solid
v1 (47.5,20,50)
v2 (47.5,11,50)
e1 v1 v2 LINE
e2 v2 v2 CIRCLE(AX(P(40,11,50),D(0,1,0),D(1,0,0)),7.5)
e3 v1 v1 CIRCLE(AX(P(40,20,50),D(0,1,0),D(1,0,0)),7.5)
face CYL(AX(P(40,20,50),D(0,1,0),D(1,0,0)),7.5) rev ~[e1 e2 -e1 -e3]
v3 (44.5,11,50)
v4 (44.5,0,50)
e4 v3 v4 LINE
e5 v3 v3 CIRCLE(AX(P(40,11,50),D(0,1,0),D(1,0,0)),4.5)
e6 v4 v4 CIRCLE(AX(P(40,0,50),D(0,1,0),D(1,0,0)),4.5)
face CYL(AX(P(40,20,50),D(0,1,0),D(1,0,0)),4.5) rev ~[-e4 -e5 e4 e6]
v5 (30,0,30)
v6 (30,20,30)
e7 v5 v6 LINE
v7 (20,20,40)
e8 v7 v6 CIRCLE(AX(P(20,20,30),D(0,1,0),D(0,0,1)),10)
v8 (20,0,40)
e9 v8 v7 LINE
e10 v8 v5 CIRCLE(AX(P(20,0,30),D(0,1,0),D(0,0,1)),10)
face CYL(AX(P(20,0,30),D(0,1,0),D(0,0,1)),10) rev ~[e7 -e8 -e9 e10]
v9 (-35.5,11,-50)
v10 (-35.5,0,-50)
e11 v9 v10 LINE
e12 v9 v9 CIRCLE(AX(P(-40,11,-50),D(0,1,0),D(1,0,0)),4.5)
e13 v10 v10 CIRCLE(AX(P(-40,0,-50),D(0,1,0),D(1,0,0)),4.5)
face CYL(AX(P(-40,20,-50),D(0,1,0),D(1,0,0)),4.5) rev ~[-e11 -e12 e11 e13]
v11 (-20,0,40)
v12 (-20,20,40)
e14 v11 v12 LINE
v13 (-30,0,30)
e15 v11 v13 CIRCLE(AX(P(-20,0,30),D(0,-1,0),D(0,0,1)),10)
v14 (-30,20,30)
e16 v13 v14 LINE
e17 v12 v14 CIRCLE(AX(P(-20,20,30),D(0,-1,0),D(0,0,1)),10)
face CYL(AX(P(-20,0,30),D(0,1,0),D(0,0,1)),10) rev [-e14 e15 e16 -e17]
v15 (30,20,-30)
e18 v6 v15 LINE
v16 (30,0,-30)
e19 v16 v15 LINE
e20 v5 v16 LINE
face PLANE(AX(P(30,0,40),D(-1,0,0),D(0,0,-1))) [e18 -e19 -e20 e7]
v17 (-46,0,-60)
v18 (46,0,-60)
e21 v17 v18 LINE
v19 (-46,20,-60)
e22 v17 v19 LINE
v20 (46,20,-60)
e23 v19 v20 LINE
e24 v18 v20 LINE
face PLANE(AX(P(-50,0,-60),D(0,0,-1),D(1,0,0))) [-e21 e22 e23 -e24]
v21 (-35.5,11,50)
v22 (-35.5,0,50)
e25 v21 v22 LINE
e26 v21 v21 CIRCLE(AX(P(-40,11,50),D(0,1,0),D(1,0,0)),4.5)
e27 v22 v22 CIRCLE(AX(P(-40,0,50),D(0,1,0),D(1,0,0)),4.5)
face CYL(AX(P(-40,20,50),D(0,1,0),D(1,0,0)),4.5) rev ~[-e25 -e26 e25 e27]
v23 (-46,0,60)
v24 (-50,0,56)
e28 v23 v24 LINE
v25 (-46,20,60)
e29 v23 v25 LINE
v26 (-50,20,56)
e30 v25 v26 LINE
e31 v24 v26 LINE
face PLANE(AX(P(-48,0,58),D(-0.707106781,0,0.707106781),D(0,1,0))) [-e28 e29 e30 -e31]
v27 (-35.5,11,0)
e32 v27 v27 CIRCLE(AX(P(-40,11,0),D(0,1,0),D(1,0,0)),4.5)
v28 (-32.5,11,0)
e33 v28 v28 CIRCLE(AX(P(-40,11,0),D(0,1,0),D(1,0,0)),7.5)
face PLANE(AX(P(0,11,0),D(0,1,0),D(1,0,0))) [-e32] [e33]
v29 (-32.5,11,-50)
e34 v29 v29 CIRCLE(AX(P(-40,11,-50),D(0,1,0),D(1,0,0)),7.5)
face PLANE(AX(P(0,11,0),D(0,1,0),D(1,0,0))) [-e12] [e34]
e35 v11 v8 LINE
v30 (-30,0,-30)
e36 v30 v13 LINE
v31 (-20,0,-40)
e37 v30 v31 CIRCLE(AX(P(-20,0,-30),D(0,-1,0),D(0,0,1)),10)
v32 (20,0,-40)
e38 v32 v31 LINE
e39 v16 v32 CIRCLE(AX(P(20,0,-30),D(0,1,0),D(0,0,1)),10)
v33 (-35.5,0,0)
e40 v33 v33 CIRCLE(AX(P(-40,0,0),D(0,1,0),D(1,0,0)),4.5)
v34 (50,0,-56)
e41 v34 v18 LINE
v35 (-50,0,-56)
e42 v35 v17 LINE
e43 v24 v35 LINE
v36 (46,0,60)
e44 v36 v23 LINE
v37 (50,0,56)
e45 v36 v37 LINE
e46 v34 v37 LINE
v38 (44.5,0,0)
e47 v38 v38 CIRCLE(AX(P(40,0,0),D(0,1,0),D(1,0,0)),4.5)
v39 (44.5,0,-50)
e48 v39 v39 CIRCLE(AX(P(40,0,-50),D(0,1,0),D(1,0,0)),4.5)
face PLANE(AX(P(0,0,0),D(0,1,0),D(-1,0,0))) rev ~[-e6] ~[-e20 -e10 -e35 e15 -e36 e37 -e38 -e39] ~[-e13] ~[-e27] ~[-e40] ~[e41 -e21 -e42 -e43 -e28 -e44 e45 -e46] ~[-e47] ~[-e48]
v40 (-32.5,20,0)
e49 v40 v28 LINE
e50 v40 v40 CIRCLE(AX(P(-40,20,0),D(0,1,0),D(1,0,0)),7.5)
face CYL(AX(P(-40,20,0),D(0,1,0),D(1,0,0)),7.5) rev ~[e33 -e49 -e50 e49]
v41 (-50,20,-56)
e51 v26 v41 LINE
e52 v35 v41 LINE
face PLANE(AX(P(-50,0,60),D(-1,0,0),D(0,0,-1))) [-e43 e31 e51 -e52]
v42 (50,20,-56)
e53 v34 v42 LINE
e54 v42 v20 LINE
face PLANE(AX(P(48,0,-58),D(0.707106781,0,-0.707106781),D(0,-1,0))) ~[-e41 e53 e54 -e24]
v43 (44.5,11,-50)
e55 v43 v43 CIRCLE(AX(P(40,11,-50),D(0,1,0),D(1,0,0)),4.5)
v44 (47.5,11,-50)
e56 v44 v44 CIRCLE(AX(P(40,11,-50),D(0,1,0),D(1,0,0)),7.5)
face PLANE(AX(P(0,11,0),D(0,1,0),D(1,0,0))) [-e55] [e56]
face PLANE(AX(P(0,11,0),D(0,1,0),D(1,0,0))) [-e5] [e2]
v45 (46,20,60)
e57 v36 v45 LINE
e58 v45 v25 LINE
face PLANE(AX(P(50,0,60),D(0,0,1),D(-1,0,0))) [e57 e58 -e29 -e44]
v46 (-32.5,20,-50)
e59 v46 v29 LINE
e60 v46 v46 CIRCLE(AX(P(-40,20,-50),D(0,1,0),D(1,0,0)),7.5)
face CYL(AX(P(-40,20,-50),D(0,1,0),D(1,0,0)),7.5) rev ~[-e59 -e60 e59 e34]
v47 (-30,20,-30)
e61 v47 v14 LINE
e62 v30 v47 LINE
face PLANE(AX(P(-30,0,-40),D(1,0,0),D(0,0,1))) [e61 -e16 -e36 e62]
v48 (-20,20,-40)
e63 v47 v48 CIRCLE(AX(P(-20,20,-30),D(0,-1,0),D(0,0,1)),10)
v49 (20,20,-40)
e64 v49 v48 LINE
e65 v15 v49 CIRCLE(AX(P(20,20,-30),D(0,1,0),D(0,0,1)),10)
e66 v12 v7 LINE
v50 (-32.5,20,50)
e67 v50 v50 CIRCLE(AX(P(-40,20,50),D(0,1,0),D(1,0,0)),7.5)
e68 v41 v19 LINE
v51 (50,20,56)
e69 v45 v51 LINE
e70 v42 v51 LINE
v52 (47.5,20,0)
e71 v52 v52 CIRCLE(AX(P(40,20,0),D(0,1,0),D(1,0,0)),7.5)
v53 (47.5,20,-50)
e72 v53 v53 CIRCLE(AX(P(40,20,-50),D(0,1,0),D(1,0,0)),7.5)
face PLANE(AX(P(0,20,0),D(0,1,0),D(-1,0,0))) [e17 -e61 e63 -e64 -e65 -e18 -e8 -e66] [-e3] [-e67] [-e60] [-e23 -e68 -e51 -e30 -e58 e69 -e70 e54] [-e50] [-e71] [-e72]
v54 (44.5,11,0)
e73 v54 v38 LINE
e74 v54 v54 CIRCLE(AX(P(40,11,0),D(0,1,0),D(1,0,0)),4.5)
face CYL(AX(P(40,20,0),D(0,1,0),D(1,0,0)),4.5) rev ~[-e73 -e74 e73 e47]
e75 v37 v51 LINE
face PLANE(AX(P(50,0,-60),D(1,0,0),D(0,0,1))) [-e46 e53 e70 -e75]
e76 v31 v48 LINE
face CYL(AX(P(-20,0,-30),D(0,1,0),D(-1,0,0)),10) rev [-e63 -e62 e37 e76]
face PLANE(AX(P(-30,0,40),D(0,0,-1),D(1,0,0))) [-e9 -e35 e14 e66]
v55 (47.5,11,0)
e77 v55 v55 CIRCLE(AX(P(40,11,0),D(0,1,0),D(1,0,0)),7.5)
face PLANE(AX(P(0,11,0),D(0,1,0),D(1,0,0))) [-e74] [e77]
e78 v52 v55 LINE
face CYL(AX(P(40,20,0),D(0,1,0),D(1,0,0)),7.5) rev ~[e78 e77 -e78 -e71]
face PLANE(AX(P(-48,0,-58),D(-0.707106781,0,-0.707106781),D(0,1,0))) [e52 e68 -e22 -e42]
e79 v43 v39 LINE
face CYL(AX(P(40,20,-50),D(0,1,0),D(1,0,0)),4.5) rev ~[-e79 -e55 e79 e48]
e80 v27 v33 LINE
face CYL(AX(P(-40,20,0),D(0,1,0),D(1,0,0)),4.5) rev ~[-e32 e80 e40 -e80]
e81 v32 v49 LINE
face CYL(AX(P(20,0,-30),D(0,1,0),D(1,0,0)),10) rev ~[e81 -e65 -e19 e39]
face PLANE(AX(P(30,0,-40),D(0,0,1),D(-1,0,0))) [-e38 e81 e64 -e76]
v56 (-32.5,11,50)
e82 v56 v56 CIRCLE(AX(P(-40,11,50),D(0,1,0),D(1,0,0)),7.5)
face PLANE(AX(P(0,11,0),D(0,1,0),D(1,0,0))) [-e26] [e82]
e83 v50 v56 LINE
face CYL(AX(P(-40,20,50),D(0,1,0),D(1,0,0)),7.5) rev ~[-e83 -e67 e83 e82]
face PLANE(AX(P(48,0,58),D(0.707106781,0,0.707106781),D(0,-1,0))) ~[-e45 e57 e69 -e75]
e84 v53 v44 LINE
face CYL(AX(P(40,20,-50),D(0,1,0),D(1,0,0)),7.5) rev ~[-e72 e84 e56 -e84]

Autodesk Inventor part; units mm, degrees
ref_plane "YZ Plane" through (0, 0, 0) normal (1, 0, 0) x (0, 1, 0)
ref_plane "XZ Plane" through (0, 0, 0) normal (0, 1, 0) x (-1, 0, 0)
ref_plane "XY Plane" through (0, 0, 0) normal (0, 0, 1) x (1, 0, 0)
sketch "Sketch1" plane through (0, 0, 0) normal (0, 1, 0) x (-1, 0, 0)
  line L0 (-50, 60) -> (50, 60)
  line L1 (50, 60) -> (50, -60)
  line L2 (50, -60) -> (-50, -60)
  line L3 (-50, -60) -> (-50, 60)
  line L4 (-50, 60) -> (50, -60) construction
  line L5 (50, 60) -> (-50, -60) construction
  line L6 (30, 40) -> (-30, 40)
  line L7 (-30, 40) -> (-30, -40)
  line L8 (-30, -40) -> (30, -40)
  line L9 (30, -40) -> (30, 40)
  line L10 (30, 40) -> (-30, -40) construction
  line L11 (-30, 40) -> (30, -40) construction
  point P0 (0, 0)
  dimension "d0" = 100
  dimension "d1" = 120
  dimension "d2" = 60
  dimension "d3" = 80
extrude "Extrusion1" add sketch "Sketch1" along normal blind 20
sketch "Sketch2" plane through (0, 20, 0) normal (0, 1, 0) x (1, 0, 0)
  circle A0 centre (-40, 50) radius 4.5
  line L0 (-50, 60) -> (-50, -60) projected
  circle A1 centre (-40, 0) radius 4.5
  circle A2 centre (-40, -50) radius 4.5
  line L1 (0, -4.5) -> (0, 7.1494) construction
  circle A3 centre (40, 50) radius 4.5
  circle A4 centre (40, 0) radius 4.5
  circle A5 centre (40, -50) radius 4.5
  point P0 (0, 0)
  dimension "d6" = 9
  dimension "d7" = 10
  dimension "d8" = 50
  dimension "d9" = 9
  dimension "d10" = 9
  dimension "d11" = 50
extrude "Extrusion2" cut sketch "Sketch2" against normal through all
sketch "Sketch3" plane through (0, 20, 0) normal (0, 1, 0) x (1, 0, 0)
  circle A0 centre (-40, 50) radius 4.5 projected
  circle A1 centre (-40, 50) radius 7.5
  circle A2 centre (-40, 0) radius 4.5 projected
  circle A3 centre (-40, 0) radius 7.5
  circle A4 centre (-40, -50) radius 4.5 projected
  circle A5 centre (-40, -50) radius 7.5
  circle A6 centre (40, -50) radius 4.5 projected
  circle A7 centre (40, -50) radius 7.5
  circle A8 centre (40, 0) radius 4.5 projected
  circle A9 centre (40, 0) radius 7.5
  circle A10 centre (40, 50) radius 4.5 projected
  circle A11 centre (40, 50) radius 7.5
  point P0 (0, 0)
  dimension "d14" = 15
  dimension "d15" = 15
  dimension "d16" = 15
  dimension "d17" = 15
  dimension "d18" = 15
  dimension "d19" = 15
extrude "Extrusion3" cut sketch "Sketch3" against normal blind 9
fillet "Fillet1" radius 10 4 edges at (-30, 10, -40) (-30, 10, 40) (30, 10, 40) (30, 10, -40)
chamfer "Chamfer1" distance 4 angle 45 4 edges at (50, 10, 60) (-50, 10, 60) (-50, 10, -60) (50, 10, -60)
properties part number "peca3"
